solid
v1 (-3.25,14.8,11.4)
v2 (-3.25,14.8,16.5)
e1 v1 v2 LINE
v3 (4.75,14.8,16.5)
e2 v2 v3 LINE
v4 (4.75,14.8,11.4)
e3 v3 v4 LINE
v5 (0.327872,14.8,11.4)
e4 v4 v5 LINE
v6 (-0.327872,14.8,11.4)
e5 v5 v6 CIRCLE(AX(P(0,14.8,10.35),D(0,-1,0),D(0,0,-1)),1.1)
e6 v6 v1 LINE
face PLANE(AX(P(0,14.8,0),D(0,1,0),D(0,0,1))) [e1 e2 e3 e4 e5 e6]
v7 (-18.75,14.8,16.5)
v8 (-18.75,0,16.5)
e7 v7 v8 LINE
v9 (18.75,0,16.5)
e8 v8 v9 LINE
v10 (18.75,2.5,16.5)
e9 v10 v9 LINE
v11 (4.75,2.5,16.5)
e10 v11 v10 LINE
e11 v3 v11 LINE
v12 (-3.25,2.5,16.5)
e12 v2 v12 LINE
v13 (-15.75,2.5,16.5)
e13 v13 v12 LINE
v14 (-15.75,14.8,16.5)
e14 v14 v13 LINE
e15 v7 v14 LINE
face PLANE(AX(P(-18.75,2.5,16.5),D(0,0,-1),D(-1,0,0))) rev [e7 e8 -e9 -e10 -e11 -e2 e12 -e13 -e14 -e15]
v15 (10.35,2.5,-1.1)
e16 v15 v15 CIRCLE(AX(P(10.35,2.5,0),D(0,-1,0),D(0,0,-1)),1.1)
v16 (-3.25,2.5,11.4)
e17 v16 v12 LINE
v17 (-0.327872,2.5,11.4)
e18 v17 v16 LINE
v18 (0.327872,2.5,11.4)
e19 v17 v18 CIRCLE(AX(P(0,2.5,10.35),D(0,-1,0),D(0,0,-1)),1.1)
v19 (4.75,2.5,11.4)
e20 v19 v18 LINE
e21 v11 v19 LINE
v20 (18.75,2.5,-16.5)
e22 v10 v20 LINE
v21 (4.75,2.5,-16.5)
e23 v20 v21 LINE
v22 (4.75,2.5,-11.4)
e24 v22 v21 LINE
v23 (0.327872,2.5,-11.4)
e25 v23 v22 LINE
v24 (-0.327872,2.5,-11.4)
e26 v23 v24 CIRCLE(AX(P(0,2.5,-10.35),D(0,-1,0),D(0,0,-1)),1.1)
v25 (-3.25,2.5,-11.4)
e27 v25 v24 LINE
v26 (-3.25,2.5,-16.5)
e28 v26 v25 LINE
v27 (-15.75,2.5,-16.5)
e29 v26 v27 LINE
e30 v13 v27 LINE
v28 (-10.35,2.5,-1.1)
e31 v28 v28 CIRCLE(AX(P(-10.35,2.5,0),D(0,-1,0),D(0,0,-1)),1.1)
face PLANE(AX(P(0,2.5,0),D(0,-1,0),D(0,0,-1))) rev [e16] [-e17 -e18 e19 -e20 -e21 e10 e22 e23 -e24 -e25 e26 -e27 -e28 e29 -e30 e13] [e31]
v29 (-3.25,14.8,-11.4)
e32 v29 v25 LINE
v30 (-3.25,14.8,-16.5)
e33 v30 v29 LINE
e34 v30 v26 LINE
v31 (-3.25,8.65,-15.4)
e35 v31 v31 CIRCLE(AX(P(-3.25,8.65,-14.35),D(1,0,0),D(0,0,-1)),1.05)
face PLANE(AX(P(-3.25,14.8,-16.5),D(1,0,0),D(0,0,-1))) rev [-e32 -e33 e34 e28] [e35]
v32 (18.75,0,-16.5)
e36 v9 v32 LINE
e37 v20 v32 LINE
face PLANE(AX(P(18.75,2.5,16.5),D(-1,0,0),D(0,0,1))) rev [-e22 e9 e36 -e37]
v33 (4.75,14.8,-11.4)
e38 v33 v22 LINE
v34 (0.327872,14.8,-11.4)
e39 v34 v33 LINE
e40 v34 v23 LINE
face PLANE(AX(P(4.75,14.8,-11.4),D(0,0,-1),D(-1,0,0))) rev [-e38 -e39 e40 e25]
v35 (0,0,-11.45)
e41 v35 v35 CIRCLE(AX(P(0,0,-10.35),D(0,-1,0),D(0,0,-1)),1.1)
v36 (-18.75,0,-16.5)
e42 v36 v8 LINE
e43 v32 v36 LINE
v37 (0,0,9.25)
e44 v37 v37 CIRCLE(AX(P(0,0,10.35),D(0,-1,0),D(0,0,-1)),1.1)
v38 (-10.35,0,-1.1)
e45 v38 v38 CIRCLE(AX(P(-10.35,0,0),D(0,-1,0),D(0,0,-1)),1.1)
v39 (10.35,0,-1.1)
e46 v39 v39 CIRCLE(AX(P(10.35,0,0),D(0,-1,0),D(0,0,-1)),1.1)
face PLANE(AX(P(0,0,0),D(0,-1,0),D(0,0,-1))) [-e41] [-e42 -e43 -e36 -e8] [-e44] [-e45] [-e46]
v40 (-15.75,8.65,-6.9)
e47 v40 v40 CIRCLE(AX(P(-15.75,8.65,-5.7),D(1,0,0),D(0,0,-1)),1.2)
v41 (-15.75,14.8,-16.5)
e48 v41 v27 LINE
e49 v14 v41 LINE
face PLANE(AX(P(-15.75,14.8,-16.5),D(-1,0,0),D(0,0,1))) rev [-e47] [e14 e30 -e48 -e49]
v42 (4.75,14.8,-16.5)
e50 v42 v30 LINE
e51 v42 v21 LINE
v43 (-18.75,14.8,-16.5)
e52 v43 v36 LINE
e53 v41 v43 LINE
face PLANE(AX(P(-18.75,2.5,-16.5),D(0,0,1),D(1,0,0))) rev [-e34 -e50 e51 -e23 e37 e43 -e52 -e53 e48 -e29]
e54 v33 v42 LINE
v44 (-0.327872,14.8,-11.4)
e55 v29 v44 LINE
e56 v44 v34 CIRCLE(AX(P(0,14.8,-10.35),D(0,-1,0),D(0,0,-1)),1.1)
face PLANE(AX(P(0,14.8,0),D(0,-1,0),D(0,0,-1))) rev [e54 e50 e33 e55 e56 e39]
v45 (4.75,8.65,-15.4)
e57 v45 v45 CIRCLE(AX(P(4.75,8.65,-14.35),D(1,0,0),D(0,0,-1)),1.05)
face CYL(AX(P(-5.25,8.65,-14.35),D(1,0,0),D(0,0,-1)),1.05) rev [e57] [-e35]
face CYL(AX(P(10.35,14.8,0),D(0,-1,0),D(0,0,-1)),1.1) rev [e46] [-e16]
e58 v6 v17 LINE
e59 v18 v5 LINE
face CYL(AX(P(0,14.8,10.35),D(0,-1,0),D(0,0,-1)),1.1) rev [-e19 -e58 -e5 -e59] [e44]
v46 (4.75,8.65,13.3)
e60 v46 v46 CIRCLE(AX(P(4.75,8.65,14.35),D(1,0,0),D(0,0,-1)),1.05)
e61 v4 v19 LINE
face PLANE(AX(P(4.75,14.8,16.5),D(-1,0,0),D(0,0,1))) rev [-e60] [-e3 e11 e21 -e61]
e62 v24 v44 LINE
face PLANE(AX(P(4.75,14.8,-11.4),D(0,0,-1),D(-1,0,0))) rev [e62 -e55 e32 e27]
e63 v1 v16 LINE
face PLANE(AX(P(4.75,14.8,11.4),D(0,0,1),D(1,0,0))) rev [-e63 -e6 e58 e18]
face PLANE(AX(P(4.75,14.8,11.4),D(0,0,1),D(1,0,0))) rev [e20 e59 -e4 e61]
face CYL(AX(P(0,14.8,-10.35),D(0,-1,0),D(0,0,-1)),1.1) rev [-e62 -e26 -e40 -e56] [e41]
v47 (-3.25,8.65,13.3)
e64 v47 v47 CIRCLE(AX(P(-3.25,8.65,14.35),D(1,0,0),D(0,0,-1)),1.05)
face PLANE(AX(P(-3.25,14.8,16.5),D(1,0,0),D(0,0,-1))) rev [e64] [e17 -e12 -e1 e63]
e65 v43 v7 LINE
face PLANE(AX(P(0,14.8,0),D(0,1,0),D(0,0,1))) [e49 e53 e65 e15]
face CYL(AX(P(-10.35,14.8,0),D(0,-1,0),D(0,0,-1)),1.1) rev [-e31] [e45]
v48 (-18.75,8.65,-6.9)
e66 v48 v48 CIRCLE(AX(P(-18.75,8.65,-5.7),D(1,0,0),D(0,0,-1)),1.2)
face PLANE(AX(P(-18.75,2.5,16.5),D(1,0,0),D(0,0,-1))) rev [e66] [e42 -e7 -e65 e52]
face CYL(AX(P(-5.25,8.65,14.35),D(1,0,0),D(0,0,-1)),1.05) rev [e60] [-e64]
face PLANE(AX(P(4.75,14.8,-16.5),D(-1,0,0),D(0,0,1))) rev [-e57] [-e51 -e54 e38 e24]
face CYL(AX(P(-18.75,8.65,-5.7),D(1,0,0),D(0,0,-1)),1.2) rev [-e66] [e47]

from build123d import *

# Parameters (mm, degrees)
SKIZZE1_W                       = 37.5
SKIZZE1_H                       = 33
AUFSATZ_LINEAR_AUSTRAGEN1_DEPTH = 2.5
SKIZZE2_W                       = 3
SKIZZE2_H                       = 33
SKIZZE2_W_2                     = 8
SKIZZE2_H_2                     = 5.1
AUFSATZ_LINEAR_AUSTRAGEN2_DEPTH = 12.3
SCHNITT_LINEAR_AUSTRAGEN3_DEPTH = 30.031922086
SKIZZE5_R                       = 1.2
SCHNITT_LINEAR_AUSTRAGEN4_DEPTH = 42.006584837
SKIZZE7_R                       = 1.05
SCHNITT_LINEAR_AUSTRAGEN5_DEPTH = 10


with BuildPart() as part:
    # Skizze1 → Aufsatz-Linear austragen1 (new body)
    with BuildSketch(Plane(origin=(0, 0, 0), x_dir=(1, 0, 0), z_dir=(0, 1, 0))):
        Rectangle(SKIZZE1_W, SKIZZE1_H)
    extrude(amount=AUFSATZ_LINEAR_AUSTRAGEN1_DEPTH)

    # Skizze2 → Aufsatz-Linear austragen2 (add)
    with BuildSketch(Plane(origin=(0, 2.5, 0), x_dir=(1, 0, 0), z_dir=(0, 1, 0))):
        with Locations((-17.25, 0)):
            Rectangle(SKIZZE2_W, SKIZZE2_H)
        with Locations((0.75, -13.95)):
            Rectangle(SKIZZE2_W_2, SKIZZE2_H_2)
        with Locations((0.75, 13.95)):
            Rectangle(SKIZZE2_W_2, SKIZZE2_H_2)
    extrude(amount=AUFSATZ_LINEAR_AUSTRAGEN2_DEPTH)

    # Skizze6 → Schnitt-Linear austragen3 (cut, through all)
    with BuildSketch(Plane.XZ):
        with BuildLine():
            ThreePointArc((-10.291545894, -1.098445774), (-9.551783389, -0.756868708), (-9.25, 0))
            ThreePointArc((-9.25, 0), (-9.551783389, 0.756868708), (-10.291545894, 1.098445774))
            ThreePointArc((-10.291545894, 1.098445774), (-10.35, 0), (-10.291545894, -1.098445774))
        make_face()
        with BuildLine():
            ThreePointArc((-10.291545894, -1.098445774), (-10.35, 0), (-10.291545894, 1.098445774))
            ThreePointArc((-10.291545894, 1.098445774), (-11.45, 0), (-10.291545894, -1.098445774))
        make_face()
        with BuildLine():
            ThreePointArc((-1.098445774, 10.291545894), (0, 9.25), (1.098445774, 10.291545894))
            ThreePointArc((1.098445774, 10.291545894), (0, 10.35), (-1.098445774, 10.291545894))
        make_face()
        with BuildLine():
            ThreePointArc((-1.098445774, 10.291545894), (0, 10.35), (1.098445774, 10.291545894))
            ThreePointArc((1.098445774, 10.291545894), (1.099611375, 10.320762617), (1.1, 10.35))
            ThreePointArc((1.1, 10.35), (-0.029237383, 11.449611375), (-1.098445774, 10.291545894))
        make_face()
        with BuildLine():
            ThreePointArc((10.291545894, -1.098445774), (11.106868708, -0.798216611), (11.45, 0))
            ThreePointArc((11.45, 0), (11.106868708, 0.798216611), (10.291545894, 1.098445774))
            ThreePointArc((10.291545894, 1.098445774), (10.35, 0), (10.291545894, -1.098445774))
        make_face()
        with BuildLine():
            ThreePointArc((10.291545894, -1.098445774), (10.35, 0), (10.291545894, 1.098445774))
            ThreePointArc((10.291545894, 1.098445774), (9.25, 0), (10.291545894, -1.098445774))
        make_face()
        with BuildLine():
            ThreePointArc((-1.098445774, -10.291545894), (-0.029237383, -11.449611375), (1.1, -10.35))
            ThreePointArc((1.1, -10.35), (1.099611375, -10.320762617), (1.098445774, -10.291545894))
            ThreePointArc((1.098445774, -10.291545894), (0, -10.35), (-1.098445774, -10.291545894))
        make_face()
        with BuildLine():
            ThreePointArc((-1.098445774, -10.291545894), (0, -10.35), (1.098445774, -10.291545894))
            ThreePointArc((1.098445774, -10.291545894), (0, -9.25), (-1.098445774, -10.291545894))
        make_face()
    extrude(amount=-SCHNITT_LINEAR_AUSTRAGEN3_DEPTH, mode=Mode.SUBTRACT)

    # Skizze5 → Schnitt-Linear austragen4 (cut, through all)
    with BuildSketch(Plane(origin=(-15.75, 0, 0), x_dir=(0, 0, -1), z_dir=(1, 0, 0))):
        with Locations((5.7, 8.65)):
            Circle(SKIZZE5_R)
    extrude(amount=-SCHNITT_LINEAR_AUSTRAGEN4_DEPTH, mode=Mode.SUBTRACT)

    # Skizze7 → Schnitt-Linear austragen5 (cut)
    with BuildSketch(Plane(origin=(4.75, 0, 0), x_dir=(0, 0, -1), z_dir=(1, 0, 0))):
        with Locations((-14.35, 8.65)):
            Circle(SKIZZE7_R)
        with Locations((14.35, 8.65)):
            Circle(SKIZZE7_R)
    extrude(amount=-SCHNITT_LINEAR_AUSTRAGEN5_DEPTH, mode=Mode.SUBTRACT)


solid = part.part
